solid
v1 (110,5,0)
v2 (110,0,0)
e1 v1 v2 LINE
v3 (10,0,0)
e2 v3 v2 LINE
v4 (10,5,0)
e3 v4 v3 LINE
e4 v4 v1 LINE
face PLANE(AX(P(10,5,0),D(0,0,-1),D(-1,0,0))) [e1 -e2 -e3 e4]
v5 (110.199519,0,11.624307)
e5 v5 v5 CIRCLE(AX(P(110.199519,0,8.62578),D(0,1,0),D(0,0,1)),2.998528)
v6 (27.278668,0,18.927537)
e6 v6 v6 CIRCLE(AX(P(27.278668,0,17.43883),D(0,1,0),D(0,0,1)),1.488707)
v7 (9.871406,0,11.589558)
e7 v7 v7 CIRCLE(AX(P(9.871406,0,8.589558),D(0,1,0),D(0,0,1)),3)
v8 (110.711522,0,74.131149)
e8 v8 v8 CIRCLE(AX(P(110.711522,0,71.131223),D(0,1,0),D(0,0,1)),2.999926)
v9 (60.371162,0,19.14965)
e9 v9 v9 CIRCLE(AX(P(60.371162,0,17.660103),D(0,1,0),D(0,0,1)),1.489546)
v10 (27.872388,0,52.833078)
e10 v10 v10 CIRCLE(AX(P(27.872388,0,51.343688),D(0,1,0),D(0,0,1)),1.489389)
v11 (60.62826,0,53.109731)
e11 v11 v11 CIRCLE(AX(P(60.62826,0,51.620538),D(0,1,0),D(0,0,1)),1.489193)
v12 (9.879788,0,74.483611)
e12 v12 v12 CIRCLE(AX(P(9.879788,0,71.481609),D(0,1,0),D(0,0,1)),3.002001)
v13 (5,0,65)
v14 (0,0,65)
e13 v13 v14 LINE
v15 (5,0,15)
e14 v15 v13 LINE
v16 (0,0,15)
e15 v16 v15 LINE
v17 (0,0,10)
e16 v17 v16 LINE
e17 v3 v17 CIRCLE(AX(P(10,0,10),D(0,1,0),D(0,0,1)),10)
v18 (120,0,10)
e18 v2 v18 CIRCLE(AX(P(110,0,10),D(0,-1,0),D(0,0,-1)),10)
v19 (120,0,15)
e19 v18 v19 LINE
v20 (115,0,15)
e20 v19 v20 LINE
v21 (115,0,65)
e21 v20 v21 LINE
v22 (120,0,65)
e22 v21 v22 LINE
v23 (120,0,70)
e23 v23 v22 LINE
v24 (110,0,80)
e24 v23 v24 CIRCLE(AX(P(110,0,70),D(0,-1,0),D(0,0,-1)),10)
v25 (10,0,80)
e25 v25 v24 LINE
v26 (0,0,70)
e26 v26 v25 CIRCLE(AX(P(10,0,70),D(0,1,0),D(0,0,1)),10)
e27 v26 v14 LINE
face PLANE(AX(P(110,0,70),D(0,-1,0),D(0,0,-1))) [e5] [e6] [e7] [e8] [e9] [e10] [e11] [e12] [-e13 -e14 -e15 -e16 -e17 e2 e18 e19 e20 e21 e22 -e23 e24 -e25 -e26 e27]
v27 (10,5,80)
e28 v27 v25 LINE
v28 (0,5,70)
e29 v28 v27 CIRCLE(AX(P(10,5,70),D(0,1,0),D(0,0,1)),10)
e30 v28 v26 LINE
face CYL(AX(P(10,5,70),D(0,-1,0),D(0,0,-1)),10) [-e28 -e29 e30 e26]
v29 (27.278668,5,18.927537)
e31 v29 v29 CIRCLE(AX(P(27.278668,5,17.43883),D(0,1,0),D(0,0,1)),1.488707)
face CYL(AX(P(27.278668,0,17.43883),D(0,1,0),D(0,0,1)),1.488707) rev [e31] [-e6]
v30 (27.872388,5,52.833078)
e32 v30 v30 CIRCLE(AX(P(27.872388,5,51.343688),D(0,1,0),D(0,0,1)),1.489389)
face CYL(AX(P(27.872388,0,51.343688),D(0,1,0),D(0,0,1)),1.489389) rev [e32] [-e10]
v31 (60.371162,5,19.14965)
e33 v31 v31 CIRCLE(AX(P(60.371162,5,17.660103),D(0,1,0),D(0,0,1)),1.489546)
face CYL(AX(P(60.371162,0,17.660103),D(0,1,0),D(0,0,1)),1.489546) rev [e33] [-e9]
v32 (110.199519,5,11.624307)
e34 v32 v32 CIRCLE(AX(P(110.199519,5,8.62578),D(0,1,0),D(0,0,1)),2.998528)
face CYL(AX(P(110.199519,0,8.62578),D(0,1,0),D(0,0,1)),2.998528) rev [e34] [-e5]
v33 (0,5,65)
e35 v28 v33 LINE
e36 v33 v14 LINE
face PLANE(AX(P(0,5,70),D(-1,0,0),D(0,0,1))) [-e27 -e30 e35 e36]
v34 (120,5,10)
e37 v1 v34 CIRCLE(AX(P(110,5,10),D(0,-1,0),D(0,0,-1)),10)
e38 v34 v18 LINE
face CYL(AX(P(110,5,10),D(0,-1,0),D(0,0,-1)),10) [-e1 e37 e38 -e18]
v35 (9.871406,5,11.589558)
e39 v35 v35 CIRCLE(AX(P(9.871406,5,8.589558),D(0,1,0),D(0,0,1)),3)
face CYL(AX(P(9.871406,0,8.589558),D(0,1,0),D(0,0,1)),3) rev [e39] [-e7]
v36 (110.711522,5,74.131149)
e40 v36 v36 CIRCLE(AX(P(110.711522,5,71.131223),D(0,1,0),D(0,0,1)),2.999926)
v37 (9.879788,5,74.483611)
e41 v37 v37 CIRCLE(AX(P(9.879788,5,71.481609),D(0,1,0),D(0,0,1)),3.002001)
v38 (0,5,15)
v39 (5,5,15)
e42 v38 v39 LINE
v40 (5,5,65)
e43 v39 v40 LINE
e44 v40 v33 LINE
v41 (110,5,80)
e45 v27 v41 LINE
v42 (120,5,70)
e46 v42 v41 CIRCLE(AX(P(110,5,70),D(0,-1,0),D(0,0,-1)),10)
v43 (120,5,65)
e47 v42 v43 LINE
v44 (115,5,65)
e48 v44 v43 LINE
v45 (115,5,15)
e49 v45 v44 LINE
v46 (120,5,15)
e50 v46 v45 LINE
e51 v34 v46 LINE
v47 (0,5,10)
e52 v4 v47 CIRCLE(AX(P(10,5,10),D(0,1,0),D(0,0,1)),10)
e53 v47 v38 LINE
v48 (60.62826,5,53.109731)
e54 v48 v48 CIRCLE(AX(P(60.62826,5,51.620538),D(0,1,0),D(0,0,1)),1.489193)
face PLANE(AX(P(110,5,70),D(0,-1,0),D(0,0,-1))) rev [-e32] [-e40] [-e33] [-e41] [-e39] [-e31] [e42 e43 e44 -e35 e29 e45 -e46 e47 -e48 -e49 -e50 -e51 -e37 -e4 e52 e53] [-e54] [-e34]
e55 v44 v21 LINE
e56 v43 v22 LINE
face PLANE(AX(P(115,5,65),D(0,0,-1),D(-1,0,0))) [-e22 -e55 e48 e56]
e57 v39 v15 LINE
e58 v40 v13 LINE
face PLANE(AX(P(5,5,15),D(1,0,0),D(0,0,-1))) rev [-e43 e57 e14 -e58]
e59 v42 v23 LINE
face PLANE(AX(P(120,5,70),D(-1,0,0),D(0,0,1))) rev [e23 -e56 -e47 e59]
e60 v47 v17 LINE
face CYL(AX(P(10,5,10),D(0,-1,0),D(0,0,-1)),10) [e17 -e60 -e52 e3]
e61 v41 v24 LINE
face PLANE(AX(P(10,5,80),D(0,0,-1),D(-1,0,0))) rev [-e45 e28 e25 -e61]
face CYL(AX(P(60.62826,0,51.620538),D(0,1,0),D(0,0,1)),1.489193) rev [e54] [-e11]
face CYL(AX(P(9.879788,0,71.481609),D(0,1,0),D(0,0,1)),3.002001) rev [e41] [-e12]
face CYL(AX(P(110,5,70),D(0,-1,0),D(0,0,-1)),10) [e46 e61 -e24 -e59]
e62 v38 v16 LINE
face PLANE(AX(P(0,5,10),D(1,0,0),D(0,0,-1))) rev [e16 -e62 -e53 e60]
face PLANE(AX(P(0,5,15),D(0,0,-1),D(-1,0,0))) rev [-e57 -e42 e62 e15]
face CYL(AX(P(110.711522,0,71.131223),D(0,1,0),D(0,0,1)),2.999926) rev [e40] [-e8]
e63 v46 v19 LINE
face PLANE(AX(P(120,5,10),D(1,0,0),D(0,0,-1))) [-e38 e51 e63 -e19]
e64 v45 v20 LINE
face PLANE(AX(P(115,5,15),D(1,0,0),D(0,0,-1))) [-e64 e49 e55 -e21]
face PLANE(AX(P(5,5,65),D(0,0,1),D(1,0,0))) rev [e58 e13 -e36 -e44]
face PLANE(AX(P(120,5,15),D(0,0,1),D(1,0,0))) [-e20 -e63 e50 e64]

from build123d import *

# Parameters (mm, degrees)
BOSS_EXTRUDE1_DEPTH = 5
SKETCH2_R           = 3
SKETCH2_R_2         = 3.002001364
SKETCH2_R_3         = 2.999925667
SKETCH2_R_4         = 2.998527559
CUT_EXTRUDE2_DEPTH  = 5
SKETCH14_R          = 1.488706827
SKETCH14_R_2        = 1.489546346
SKETCH14_R_3        = 1.489389331
SKETCH14_R_4        = 1.489192683
CUT_EXTRUDE3_DEPTH  = 5


with BuildPart() as part:
    # Sketch1 → Boss-Extrude1 (new body)
    with BuildSketch(Plane(origin=(0, 0, 0), x_dir=(1, 0, 0), z_dir=(0, 1, 0))):
        with BuildLine():
            Line((10, 0), (110, 0))
            ThreePointArc((110, 0), (117.071067812, -2.928932188), (120, -10))
            Line((120, -10), (120, -15))
            Line((120, -15), (115, -15))
            Line((115, -15), (115, -65))
            Line((115, -65), (120, -65))
            Line((120, -65), (120, -70))
            ThreePointArc((120, -70), (117.071067812, -77.071067812), (110, -80))
            Line((110, -80), (10, -80))
            ThreePointArc((10, -80), (2.928932188, -77.071067812), (0, -70))
            Line((0, -70), (0, -65))
            Line((0, -65), (5, -65))
            Line((5, -65), (5, -15))
            Line((5, -15), (0, -15))
            Line((0, -15), (0, -10))
            ThreePointArc((0, -10), (2.928932188, -2.928932188), (10, 0))
        make_face()
    extrude(amount=BOSS_EXTRUDE1_DEPTH)

    # Sketch2 → Cut-Extrude2 (cut)
    with BuildSketch(Plane(origin=(0, 5, 0), x_dir=(1, 0, 0), z_dir=(0, 1, 0))):
        with Locations((9.871405569, -8.58955783)):
            Circle(SKETCH2_R)
        with Locations((9.87978839, -71.481609293)):
            Circle(SKETCH2_R_2)
        with Locations((110.711521692, -71.131223036)):
            Circle(SKETCH2_R_3)
        with Locations((110.199519212, -8.625779617)):
            Circle(SKETCH2_R_4)
    extrude(amount=-CUT_EXTRUDE2_DEPTH, mode=Mode.SUBTRACT)

    # Sketch14 → Cut-Extrude3 (cut)
    with BuildSketch(Plane(origin=(0, 5, 0), x_dir=(1, 0, 0), z_dir=(0, 1, 0))):
        with Locations((27.278668434, -17.438830443)):
            Circle(SKETCH14_R)
        with Locations((60.371161684, -17.660103474)):
            Circle(SKETCH14_R_2)
        with Locations((27.872388447, -51.343688287)):
            Circle(SKETCH14_R_3)
        with Locations((60.628260138, -51.620538185)):
            Circle(SKETCH14_R_4)
    extrude(amount=-CUT_EXTRUDE3_DEPTH, mode=Mode.SUBTRACT)


solid = part.part
